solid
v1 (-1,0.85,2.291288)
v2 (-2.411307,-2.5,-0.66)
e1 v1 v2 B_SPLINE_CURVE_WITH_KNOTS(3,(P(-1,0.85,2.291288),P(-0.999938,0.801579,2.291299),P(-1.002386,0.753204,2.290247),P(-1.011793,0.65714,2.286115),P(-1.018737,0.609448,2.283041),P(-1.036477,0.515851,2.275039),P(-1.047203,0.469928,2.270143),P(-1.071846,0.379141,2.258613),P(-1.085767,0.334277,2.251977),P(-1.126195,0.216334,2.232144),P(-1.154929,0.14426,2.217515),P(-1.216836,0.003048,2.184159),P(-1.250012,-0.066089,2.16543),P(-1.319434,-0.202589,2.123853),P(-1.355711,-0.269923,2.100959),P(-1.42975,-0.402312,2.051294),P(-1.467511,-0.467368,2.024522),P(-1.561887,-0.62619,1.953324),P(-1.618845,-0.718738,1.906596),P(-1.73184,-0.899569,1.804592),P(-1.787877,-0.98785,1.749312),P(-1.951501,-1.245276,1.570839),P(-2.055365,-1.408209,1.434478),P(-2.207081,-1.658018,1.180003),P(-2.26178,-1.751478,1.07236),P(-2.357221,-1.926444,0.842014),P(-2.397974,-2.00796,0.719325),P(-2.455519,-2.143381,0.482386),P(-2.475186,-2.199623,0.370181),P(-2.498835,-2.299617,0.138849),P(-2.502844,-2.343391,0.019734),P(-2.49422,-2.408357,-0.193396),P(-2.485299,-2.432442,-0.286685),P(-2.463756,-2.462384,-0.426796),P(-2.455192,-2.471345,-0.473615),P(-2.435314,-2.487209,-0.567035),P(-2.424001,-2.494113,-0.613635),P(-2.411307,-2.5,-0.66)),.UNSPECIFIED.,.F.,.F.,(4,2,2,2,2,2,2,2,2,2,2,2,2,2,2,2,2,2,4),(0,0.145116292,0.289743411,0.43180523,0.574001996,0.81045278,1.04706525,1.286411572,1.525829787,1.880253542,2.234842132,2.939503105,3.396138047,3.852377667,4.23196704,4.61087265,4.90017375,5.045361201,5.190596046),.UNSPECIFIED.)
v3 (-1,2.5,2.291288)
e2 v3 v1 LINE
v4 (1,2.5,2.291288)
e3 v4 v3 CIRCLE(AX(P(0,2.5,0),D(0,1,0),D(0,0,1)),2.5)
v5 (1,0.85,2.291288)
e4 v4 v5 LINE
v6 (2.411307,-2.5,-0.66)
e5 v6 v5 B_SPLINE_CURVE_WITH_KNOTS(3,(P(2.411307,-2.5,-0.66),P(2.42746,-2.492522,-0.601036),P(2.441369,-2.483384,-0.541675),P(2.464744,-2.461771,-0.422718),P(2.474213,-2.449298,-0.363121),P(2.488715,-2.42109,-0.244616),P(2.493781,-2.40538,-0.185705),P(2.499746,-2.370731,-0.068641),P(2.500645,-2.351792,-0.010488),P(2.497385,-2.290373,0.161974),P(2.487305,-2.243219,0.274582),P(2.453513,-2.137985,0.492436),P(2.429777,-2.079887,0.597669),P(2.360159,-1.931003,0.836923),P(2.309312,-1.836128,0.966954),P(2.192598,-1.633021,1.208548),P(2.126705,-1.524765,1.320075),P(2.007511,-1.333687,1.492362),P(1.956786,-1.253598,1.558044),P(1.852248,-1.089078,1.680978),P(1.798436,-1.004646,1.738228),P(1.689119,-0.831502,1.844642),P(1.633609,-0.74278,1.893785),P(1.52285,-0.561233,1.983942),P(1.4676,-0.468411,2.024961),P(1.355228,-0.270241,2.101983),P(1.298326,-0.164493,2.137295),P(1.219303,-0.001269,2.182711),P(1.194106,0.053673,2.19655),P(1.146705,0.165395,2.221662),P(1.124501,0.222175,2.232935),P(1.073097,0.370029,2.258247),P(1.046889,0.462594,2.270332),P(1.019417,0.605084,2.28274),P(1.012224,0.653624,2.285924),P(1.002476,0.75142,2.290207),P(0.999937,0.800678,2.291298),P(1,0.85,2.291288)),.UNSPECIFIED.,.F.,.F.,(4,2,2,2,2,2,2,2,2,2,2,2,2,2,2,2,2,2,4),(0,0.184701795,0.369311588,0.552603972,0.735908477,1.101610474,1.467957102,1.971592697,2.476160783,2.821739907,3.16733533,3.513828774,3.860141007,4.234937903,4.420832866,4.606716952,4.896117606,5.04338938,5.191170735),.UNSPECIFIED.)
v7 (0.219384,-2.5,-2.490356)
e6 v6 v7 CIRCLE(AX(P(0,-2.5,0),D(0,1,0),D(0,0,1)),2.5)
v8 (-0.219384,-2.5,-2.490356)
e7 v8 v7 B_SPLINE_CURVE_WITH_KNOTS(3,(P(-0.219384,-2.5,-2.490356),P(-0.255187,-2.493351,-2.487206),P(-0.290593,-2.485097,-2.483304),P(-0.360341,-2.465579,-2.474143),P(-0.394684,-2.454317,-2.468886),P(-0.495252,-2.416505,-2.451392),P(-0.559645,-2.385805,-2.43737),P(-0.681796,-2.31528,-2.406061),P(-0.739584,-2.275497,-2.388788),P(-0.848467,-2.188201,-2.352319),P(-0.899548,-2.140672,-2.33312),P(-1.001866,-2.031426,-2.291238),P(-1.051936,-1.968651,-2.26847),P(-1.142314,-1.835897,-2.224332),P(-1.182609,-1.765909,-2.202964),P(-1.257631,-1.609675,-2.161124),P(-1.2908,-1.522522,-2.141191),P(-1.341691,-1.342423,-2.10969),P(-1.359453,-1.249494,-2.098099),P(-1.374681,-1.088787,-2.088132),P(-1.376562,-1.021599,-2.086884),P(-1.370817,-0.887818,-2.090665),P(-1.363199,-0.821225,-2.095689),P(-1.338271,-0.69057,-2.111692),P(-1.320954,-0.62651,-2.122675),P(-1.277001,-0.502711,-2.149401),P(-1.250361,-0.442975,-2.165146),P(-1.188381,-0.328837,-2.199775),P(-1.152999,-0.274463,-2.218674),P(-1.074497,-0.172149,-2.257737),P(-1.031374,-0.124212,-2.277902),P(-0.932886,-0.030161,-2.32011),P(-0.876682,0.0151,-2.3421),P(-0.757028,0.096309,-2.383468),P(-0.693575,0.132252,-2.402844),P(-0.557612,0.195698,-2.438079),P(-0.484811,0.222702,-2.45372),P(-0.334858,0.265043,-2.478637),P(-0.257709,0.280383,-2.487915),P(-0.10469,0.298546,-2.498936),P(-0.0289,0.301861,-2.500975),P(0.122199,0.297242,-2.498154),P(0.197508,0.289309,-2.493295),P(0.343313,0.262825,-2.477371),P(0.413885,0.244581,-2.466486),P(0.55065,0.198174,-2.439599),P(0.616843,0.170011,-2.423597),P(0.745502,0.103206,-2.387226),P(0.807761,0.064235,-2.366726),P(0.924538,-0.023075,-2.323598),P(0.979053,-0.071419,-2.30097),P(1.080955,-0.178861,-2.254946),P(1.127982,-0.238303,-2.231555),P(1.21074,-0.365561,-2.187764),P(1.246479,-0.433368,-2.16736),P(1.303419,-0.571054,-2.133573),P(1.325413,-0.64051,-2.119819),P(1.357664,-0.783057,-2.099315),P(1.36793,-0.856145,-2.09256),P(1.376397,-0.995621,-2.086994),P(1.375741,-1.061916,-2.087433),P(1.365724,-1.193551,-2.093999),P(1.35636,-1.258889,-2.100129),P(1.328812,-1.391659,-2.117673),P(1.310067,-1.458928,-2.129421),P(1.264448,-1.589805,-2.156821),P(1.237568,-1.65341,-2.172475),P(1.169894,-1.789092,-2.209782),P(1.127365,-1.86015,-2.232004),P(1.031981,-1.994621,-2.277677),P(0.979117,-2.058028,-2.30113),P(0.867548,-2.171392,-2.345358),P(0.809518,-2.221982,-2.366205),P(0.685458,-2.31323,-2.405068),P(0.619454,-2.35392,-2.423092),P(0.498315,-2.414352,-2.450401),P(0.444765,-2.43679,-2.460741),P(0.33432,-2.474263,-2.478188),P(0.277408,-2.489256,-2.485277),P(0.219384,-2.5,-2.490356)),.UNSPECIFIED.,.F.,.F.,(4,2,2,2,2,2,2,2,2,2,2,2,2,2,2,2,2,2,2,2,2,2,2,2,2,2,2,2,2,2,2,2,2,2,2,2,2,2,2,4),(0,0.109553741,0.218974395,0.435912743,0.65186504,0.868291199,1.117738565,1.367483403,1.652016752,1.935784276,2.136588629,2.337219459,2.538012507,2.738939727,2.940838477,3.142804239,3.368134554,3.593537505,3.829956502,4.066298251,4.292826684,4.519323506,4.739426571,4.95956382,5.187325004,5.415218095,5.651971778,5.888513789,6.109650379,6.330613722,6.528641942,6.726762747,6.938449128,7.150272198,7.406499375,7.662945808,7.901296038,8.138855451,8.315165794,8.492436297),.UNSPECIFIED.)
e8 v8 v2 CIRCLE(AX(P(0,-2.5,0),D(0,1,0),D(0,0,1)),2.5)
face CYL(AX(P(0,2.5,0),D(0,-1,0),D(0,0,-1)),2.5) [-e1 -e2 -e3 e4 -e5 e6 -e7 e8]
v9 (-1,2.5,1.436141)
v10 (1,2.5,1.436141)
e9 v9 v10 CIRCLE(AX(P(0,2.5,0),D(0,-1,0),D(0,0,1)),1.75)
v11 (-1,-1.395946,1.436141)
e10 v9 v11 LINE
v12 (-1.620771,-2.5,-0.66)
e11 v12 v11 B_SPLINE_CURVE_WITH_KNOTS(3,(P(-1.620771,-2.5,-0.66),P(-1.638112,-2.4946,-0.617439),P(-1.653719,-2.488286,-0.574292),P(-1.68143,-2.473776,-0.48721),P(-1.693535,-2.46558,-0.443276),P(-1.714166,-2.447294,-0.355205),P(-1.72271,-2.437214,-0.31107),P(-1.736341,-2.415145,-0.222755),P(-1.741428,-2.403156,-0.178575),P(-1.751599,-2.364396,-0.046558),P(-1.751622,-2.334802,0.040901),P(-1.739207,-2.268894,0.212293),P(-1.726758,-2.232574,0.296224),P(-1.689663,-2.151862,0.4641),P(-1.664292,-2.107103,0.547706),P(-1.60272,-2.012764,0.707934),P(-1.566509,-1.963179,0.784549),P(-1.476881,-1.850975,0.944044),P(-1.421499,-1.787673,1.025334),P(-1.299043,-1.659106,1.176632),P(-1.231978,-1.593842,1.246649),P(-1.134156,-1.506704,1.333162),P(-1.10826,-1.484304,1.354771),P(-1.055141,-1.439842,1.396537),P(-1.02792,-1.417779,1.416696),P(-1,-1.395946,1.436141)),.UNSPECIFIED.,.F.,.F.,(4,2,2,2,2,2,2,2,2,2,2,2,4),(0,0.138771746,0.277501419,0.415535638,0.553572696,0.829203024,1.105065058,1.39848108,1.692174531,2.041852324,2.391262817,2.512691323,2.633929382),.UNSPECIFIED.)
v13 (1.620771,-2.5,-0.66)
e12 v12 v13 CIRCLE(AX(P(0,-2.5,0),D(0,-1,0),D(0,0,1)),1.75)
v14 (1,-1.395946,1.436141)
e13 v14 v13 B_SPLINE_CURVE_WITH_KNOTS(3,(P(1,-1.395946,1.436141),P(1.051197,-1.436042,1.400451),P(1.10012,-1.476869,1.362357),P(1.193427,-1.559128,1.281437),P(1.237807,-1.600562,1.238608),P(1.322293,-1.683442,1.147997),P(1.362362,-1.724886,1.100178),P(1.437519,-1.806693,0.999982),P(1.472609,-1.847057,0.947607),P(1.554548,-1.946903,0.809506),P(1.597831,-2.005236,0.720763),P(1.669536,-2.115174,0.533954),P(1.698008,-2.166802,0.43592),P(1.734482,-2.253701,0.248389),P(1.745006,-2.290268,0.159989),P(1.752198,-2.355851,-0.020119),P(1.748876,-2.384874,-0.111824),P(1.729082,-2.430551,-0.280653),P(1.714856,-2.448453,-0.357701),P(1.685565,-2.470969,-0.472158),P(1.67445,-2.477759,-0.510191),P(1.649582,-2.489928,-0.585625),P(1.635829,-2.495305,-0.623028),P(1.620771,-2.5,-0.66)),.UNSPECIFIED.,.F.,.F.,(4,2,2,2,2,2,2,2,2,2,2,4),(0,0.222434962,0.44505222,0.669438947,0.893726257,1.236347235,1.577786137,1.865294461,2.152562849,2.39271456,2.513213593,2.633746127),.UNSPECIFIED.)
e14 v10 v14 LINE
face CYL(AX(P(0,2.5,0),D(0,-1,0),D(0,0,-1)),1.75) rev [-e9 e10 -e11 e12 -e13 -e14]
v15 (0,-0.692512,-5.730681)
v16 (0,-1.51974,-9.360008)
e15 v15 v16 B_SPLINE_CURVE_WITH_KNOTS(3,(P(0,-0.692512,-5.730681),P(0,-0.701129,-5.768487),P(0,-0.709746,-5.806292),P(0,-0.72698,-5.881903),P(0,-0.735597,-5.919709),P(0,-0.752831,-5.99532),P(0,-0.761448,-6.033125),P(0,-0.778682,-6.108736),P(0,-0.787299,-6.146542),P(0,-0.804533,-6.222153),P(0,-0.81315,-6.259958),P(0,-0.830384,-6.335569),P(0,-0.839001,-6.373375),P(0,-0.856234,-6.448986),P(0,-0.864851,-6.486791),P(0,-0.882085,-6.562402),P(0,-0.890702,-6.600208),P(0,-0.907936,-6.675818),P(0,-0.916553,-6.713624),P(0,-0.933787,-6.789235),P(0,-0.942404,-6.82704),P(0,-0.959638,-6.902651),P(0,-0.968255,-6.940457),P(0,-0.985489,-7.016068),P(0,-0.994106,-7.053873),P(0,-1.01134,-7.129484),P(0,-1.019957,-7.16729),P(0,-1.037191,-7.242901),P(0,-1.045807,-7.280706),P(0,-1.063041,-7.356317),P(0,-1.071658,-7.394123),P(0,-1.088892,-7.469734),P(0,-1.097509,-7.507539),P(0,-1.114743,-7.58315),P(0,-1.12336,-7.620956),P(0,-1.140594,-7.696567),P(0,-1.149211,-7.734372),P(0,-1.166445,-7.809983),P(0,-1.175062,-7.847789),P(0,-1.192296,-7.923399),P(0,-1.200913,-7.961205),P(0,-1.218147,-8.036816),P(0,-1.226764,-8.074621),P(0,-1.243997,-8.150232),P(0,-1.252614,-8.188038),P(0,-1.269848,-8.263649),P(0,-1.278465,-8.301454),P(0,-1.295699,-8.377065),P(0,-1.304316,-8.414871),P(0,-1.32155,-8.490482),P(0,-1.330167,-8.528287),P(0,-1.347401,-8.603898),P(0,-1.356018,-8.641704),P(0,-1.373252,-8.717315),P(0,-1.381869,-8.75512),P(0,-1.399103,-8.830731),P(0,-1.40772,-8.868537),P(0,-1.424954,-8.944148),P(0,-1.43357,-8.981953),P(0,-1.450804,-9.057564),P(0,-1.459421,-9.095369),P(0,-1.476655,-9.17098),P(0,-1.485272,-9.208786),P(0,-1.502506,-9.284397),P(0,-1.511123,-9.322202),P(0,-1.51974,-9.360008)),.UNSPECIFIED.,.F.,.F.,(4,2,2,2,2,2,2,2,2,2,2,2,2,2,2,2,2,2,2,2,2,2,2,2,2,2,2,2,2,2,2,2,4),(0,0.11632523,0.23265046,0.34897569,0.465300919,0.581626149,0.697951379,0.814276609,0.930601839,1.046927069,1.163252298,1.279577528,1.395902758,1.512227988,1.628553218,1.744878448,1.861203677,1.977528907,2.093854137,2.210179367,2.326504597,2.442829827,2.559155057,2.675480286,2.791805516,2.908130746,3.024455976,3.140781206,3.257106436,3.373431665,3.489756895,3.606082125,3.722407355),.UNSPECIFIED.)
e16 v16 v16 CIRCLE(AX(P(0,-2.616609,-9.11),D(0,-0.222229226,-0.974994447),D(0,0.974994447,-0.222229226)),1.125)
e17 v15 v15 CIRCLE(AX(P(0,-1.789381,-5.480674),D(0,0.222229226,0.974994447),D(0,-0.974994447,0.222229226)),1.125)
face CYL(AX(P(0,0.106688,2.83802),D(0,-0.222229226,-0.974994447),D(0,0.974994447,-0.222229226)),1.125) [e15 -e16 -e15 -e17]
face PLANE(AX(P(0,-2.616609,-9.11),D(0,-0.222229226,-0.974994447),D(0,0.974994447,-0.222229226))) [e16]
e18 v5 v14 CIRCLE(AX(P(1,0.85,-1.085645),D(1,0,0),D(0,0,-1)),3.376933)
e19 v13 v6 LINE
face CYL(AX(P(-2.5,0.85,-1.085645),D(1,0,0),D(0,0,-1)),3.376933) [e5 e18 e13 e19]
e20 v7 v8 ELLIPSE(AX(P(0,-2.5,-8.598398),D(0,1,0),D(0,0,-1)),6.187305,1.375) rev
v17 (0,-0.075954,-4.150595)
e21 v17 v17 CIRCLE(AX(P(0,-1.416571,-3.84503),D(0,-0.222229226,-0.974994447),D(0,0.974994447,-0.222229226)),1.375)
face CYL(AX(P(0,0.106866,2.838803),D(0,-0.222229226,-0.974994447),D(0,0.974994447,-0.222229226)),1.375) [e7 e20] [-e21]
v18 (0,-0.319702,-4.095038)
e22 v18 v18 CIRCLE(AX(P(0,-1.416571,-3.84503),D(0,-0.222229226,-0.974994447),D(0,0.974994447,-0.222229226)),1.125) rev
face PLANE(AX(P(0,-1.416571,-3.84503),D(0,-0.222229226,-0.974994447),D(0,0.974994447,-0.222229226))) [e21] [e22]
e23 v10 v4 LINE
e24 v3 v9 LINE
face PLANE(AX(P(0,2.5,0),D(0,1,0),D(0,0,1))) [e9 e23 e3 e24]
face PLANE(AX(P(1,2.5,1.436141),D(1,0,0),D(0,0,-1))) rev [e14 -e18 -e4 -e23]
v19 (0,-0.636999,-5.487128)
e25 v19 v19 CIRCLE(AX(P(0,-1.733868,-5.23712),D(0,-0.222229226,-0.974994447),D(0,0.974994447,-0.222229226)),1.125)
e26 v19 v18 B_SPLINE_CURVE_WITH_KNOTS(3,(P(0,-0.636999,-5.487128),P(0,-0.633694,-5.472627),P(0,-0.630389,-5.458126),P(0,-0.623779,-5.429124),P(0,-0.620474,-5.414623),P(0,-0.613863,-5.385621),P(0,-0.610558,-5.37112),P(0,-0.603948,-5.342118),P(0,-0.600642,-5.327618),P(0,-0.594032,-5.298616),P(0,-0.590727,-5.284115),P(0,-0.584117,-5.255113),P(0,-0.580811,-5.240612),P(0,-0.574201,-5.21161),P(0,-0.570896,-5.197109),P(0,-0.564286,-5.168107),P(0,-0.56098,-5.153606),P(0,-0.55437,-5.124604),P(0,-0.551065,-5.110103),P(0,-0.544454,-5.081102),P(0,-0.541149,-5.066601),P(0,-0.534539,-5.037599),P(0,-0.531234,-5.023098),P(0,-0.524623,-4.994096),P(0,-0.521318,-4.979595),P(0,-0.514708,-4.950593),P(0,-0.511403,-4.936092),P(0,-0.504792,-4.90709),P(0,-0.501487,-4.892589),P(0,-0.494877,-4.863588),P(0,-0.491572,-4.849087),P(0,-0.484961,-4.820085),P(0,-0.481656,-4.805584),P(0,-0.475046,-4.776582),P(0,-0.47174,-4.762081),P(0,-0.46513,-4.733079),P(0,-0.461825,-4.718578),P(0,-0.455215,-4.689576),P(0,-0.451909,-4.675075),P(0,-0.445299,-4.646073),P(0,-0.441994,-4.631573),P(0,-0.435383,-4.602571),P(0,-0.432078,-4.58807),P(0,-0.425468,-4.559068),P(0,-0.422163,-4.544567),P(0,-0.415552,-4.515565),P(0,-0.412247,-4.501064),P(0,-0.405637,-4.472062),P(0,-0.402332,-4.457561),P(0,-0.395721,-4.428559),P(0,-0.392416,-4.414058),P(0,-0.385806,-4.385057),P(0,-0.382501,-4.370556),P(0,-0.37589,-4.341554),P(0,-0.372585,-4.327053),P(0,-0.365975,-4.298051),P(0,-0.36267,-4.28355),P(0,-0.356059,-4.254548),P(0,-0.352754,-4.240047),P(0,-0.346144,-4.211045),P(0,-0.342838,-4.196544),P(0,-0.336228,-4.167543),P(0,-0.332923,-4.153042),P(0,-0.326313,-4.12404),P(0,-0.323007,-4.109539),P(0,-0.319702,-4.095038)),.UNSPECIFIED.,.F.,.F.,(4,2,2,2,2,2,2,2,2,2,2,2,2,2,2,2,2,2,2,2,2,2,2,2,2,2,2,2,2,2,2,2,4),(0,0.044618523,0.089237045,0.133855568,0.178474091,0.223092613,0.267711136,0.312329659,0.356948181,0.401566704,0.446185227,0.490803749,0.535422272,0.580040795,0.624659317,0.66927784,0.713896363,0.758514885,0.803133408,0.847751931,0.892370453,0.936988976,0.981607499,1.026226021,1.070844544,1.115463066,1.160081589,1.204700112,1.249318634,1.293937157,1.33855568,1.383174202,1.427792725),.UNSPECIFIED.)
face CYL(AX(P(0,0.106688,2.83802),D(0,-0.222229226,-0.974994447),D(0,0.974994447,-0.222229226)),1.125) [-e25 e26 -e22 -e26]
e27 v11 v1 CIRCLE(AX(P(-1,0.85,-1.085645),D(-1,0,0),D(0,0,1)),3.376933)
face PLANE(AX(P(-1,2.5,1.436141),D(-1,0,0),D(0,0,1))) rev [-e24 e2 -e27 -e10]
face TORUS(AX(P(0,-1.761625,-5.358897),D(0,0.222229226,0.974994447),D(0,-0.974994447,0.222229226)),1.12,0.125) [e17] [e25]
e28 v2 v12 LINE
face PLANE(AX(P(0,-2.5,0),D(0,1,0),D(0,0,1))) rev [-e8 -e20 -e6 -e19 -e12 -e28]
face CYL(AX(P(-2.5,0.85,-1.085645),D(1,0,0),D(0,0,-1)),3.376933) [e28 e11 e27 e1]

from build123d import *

# Parameters (mm, degrees)
BOSS_EXTRUDE1_DEPTH      = 2.5
CUT_EXTRUDE8_DEPTH       = 5.330127019
CUT_EXTRUDE8_DEPTH_BACK  = 5.330127019
BOSS_EXTRUDE2_REACH      = 14.744
BOSS_EXTRUDE2_END_RADIUS = 2.5
SKETCH6_R                = 1.125
BOSS_EXTRUDE4_REACH      = 20.144
BOSS_EXTRUDE4_START      = -5.4
SKETCH7_R                = 1.375
SKETCH5_R                = 0.125


with BuildPart() as part:
    # Sketch3 → Boss-Extrude1 (new, symmetric)
    with BuildSketch(Plane(origin=(0, 0, 0), x_dir=(1, 0, 0), z_dir=(0, 1, 0))):
        with BuildLine():
            Line((-1, -1.436140662), (-1, -2.291287847))
            ThreePointArc((-1, -2.291287847), (0, 2.5), (1, -2.291287847))
            Line((1, -2.291287847), (1, -1.436140662))
            ThreePointArc((1, -1.436140662), (0, 1.75), (-1, -1.436140662))
        make_face()
    extrude(amount=BOSS_EXTRUDE1_DEPTH, both=True)

    # Sketch4 → Cut-Extrude8 (cut, two sides: drawn at the far end of the back side and taken through both)
    with BuildSketch(Plane(origin=(0, 0, 0), x_dir=(0, 0, -1), z_dir=(1, 0, 0)).offset(-CUT_EXTRUDE8_DEPTH_BACK)):
        with BuildLine():
            ThreePointArc((-2.291287847, 0.85), (-1.448230481, -1.382297021), (0.66, -2.5))
            Line((0.66, -2.5), (-2.291287847, -2.5))
            Line((-2.291287847, -2.5), (-2.291287847, 0.85))
        make_face()
    extrude(amount=CUT_EXTRUDE8_DEPTH + CUT_EXTRUDE8_DEPTH_BACK, mode=Mode.SUBTRACT)

    # Boss-Extrude2: up to this cylinder (the profile starts outside it)
    boss_extrude2_end = Plane(origin=(0, -2.616609, 0), z_dir=(0, -1, 0)) * Cylinder(BOSS_EXTRUDE2_END_RADIUS, 35.488, mode=Mode.PRIVATE)
    # Sketch6 → Boss-Extrude2 (add, up to the surface)
    with BuildSketch(Plane(origin=(0, -2.616608772, -9.11), x_dir=(-1, 0, 0), z_dir=(0, -0.22222922625140035, -0.9749944466506996)), mode=Mode.PRIVATE) as boss_extrude2_sk1:
        with Locations(Location((0, 0, 0), (0, 0, 90))):
            Circle(SKETCH6_R)
    boss_extrude2_tool1 = extrude(boss_extrude2_sk1.sketch, amount=-BOSS_EXTRUDE2_REACH, mode=Mode.PRIVATE) - boss_extrude2_end
    add(boss_extrude2_tool1.solids().sort_by_distance((0, -2.616609, -9.11))[0])

    # Sketch7 → Boss-Extrude4 (add, up to next)
    with BuildSketch(Plane(origin=(0, -2.616608772, -9.11), x_dir=(-1, 0, 0), z_dir=(0, -0.22222922625140035, -0.9749944466506996)).offset(BOSS_EXTRUDE4_START), mode=Mode.PRIVATE) as boss_extrude4_sk1:
        with Locations(Location((0, 0, 0), (0, 0, 90))):
            Circle(SKETCH7_R)
    boss_extrude4_tool1 = extrude(boss_extrude4_sk1.sketch, amount=-BOSS_EXTRUDE4_REACH, mode=Mode.PRIVATE) - part.part
    add(boss_extrude4_tool1.solids().sort_by_distance((0, -1.416571, -3.84503))[0])

    # Sketch5 → Revolve1 (revolve)
    with BuildSketch(Plane(origin=(0, 0, 0), x_dir=(0, 0, -1), z_dir=(1, 0, 0)), mode=Mode.PRIVATE) as revolve1_sk:
        with Locations((5.11, -2.853618424)):
            Circle(SKETCH5_R)
    revolve(revolve1_sk.sketch.rotate(Axis((0, -1.11, -2.5), (0, -0.22222922625140032, -0.9749944466506997)), 180), axis=Axis((0, -1.11, -2.5), (0, -0.22222922625140032, -0.9749944466506997)))


solid = part.part
